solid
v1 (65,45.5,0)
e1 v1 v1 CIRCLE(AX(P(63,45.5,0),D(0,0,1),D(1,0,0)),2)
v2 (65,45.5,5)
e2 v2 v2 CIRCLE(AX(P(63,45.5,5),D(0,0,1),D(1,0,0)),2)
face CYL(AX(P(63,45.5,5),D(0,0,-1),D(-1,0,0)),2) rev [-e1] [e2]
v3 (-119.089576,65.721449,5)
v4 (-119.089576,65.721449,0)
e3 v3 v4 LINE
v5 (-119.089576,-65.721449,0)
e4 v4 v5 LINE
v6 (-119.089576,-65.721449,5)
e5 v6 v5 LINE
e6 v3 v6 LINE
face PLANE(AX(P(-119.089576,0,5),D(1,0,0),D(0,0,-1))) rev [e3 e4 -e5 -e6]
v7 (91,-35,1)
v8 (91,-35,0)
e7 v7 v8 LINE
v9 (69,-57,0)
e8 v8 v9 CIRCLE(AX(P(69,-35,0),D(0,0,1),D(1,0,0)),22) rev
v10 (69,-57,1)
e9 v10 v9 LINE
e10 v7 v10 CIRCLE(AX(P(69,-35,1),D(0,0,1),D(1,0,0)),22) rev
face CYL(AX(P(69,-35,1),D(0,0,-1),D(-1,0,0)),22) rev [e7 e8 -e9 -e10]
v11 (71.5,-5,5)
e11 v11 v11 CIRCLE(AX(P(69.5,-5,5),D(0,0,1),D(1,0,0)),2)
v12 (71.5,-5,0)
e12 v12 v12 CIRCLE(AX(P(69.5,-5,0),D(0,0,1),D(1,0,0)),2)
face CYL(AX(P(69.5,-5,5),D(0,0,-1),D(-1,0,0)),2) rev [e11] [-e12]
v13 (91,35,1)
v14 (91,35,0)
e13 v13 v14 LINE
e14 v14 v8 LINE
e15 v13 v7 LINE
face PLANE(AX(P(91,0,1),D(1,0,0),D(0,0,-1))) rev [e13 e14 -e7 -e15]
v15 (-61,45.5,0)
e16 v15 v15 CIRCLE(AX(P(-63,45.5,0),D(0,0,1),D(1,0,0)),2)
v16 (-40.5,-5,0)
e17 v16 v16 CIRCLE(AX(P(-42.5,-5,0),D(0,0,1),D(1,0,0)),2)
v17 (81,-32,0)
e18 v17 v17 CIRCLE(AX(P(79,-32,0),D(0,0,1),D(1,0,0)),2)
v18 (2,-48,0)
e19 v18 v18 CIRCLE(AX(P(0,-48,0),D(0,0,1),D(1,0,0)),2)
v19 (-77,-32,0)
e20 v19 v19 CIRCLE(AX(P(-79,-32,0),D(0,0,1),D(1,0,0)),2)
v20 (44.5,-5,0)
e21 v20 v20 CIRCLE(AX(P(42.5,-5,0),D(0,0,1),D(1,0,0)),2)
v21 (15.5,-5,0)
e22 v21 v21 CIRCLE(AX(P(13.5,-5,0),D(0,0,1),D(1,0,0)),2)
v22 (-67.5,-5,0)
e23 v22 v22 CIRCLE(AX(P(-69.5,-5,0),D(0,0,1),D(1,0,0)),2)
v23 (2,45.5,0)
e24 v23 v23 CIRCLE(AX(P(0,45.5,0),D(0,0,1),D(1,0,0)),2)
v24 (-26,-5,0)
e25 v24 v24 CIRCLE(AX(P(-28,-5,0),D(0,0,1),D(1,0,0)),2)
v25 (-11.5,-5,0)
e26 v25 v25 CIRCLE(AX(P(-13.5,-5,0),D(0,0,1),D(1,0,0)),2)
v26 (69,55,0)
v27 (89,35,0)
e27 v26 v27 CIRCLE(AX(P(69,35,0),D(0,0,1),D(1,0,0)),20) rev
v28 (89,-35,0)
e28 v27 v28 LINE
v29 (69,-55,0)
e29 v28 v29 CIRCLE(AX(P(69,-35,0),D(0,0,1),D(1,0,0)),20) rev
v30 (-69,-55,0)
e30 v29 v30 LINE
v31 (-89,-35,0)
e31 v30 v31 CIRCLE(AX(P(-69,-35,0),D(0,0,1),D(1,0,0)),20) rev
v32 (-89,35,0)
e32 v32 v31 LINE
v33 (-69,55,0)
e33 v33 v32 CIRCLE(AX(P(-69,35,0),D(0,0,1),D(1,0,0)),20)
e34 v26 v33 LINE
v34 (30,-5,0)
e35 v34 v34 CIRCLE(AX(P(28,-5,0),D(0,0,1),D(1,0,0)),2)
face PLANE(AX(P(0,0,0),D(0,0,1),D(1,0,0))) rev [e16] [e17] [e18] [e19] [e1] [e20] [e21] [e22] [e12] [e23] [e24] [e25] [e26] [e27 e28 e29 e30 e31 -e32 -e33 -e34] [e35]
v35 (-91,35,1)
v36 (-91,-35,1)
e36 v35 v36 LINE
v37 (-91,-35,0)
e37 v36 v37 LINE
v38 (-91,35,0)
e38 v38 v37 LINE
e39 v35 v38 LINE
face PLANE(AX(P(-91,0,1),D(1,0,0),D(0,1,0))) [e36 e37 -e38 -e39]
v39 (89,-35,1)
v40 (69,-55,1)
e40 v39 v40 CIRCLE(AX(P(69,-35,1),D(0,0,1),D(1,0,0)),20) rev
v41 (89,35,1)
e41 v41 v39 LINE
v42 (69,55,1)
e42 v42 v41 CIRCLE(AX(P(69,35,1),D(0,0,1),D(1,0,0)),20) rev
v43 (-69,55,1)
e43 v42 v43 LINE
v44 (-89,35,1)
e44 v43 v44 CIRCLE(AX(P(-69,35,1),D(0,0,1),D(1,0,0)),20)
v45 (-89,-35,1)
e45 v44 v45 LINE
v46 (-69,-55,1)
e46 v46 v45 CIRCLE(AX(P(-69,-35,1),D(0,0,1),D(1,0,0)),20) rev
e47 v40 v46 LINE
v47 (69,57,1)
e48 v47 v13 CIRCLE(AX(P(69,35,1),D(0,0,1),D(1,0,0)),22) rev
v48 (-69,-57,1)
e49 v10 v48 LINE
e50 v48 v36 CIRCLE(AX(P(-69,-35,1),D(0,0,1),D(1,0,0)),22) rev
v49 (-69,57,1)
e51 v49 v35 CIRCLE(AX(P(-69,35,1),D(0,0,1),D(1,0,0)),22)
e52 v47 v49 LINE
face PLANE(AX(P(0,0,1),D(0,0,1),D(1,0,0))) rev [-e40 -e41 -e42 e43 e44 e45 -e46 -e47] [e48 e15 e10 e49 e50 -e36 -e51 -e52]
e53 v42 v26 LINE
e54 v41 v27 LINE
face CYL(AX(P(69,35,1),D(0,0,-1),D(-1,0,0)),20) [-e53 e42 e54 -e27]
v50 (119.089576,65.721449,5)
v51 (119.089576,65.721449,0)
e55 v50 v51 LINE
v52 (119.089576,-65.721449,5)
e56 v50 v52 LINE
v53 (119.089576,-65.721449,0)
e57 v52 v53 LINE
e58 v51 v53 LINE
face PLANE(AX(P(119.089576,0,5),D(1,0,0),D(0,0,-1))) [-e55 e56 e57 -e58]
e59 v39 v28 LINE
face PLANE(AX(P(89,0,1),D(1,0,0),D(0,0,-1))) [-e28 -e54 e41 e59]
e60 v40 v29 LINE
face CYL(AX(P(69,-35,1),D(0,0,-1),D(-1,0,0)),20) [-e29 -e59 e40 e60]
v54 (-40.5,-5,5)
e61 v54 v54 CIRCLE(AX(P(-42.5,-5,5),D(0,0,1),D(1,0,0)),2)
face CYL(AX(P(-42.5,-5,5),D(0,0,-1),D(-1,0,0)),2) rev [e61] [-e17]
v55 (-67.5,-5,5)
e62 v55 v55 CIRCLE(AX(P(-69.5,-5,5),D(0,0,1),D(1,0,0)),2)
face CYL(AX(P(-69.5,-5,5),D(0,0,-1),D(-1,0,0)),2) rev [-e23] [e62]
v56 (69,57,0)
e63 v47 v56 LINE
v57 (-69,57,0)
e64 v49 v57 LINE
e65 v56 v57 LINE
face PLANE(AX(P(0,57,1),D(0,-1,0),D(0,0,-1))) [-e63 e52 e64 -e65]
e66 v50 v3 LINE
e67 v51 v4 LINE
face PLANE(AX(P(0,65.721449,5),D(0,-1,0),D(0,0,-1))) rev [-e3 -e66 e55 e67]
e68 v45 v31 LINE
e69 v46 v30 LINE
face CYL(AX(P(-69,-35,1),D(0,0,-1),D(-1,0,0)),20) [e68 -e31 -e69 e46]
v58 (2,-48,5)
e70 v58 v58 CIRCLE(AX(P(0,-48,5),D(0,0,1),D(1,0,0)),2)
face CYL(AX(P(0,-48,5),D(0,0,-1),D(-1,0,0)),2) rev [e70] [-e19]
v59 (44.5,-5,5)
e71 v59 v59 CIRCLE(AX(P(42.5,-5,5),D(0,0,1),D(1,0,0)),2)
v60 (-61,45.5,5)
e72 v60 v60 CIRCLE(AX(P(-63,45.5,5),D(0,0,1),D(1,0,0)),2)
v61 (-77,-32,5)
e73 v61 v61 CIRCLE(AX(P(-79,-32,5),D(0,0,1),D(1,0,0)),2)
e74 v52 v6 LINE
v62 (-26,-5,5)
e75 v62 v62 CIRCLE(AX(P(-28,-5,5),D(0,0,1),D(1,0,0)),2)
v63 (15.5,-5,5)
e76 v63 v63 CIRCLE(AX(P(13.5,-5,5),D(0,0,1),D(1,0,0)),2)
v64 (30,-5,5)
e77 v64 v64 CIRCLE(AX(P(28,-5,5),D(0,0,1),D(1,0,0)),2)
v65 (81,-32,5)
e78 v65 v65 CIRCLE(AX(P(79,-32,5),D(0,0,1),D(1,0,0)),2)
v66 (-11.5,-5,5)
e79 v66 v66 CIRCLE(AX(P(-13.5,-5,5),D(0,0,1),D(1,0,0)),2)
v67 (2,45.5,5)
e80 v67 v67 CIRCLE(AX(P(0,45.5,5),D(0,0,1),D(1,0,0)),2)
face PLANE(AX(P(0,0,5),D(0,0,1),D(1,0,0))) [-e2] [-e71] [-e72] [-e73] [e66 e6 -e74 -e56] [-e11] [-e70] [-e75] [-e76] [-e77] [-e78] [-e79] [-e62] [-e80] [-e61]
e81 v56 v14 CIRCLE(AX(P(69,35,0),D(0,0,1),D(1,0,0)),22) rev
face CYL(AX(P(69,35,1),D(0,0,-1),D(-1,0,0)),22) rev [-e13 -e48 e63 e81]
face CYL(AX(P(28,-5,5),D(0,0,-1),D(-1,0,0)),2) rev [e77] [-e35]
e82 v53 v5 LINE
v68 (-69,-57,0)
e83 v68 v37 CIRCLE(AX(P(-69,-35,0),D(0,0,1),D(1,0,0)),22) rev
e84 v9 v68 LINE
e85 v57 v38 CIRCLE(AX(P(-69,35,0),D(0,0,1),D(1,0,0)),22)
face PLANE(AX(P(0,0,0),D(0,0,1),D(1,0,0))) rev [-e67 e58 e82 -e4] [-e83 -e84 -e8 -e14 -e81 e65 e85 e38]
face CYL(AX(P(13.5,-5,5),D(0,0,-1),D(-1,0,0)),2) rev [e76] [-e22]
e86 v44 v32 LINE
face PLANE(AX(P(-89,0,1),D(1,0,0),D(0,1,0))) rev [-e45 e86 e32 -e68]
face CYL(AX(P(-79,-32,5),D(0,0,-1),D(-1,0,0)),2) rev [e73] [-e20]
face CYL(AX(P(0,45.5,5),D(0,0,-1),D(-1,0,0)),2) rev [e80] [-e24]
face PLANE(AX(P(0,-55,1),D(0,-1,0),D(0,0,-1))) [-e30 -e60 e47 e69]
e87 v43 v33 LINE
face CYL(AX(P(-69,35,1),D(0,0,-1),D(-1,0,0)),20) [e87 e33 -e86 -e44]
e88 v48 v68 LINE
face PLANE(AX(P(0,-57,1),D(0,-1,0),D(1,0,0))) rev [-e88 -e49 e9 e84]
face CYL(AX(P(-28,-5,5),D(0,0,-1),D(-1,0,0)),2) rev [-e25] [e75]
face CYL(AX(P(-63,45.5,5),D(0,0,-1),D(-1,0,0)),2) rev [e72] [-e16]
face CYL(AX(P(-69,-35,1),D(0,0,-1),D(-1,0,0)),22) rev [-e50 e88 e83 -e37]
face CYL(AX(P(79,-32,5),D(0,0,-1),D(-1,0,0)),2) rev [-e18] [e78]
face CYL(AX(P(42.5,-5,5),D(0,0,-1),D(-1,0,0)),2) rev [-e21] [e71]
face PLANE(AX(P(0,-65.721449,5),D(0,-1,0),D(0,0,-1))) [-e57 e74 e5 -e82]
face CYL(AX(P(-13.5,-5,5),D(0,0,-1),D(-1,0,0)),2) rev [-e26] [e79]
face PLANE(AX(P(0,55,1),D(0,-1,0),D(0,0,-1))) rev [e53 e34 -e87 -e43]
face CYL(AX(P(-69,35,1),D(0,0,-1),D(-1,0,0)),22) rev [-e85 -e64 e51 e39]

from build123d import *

# Parameters (mm, degrees)
SKETCH_2_W          = 238.179152398
SKETCH_2_H          = 131.442897672
SKETCH_2_R          = 2
EXTRUDE_1_DEPTH     = 5
CUT_EXTRUDE_1_DEPTH = 1


with BuildPart() as part:
    # 草图2 → 凸台-拉伸1 (new body)
    with BuildSketch(Plane.XY):
        Rectangle(SKETCH_2_W, SKETCH_2_H)
        with Locations((13.5, -5)):
            Circle(SKETCH_2_R, mode=Mode.SUBTRACT)
        with Locations((28, -5)):
            Circle(SKETCH_2_R, mode=Mode.SUBTRACT)
        with Locations((42.5, -5)):
            Circle(SKETCH_2_R, mode=Mode.SUBTRACT)
        with Locations((79, -32)):
            Circle(SKETCH_2_R, mode=Mode.SUBTRACT)
        with Locations((69.5, -5)):
            Circle(SKETCH_2_R, mode=Mode.SUBTRACT)
        with Locations((-63, 45.5)):
            Circle(SKETCH_2_R, mode=Mode.SUBTRACT)
        with Locations((0, 45.5)):
            Circle(SKETCH_2_R, mode=Mode.SUBTRACT)
        with Locations((63, 45.5)):
            Circle(SKETCH_2_R, mode=Mode.SUBTRACT)
        with Locations((-79, -32)):
            Circle(SKETCH_2_R, mode=Mode.SUBTRACT)
        with Locations((-69.5, -5)):
            Circle(SKETCH_2_R, mode=Mode.SUBTRACT)
        with Locations((-42.5, -5)):
            Circle(SKETCH_2_R, mode=Mode.SUBTRACT)
        with Locations((-28, -5)):
            Circle(SKETCH_2_R, mode=Mode.SUBTRACT)
        with Locations((-13.5, -5)):
            Circle(SKETCH_2_R, mode=Mode.SUBTRACT)
        with Locations((0, -48)):
            Circle(SKETCH_2_R, mode=Mode.SUBTRACT)
    extrude(amount=EXTRUDE_1_DEPTH)

    # 草图2<3> → 切除-拉伸1 (cut)
    with BuildSketch(Plane.XY):
        with BuildLine():
            Line((-69, -57), (69, -57))
            ThreePointArc((69, -57), (84.556349186, -50.556349186), (91, -35))
            Line((91, -35), (91, 35))
            ThreePointArc((91, 35), (84.556349186, 50.556349186), (69, 57))
            Line((69, 57), (-69, 57))
            ThreePointArc((-69, 57), (-84.556349186, 50.556349186), (-91, 35))
            Line((-91, 35), (-91, -35))
            ThreePointArc((-91, -35), (-84.556349186, -50.556349186), (-69, -57))
        make_face()
        with BuildLine():
            Line((-69, 55), (69, 55))
            ThreePointArc((69, 55), (83.142135624, 49.142135624), (89, 35))
            Line((89, 35), (89, -35))
            ThreePointArc((89, -35), (83.142135624, -49.142135624), (69, -55))
            Line((69, -55), (-69, -55))
            ThreePointArc((-69, -55), (-83.142135624, -49.142135624), (-89, -35))
            Line((-89, -35), (-89, 35))
            ThreePointArc((-89, 35), (-83.142135624, 49.142135624), (-69, 55))
        make_face(mode=Mode.SUBTRACT)
    extrude(amount=CUT_EXTRUDE_1_DEPTH, mode=Mode.SUBTRACT)


solid = part.part
